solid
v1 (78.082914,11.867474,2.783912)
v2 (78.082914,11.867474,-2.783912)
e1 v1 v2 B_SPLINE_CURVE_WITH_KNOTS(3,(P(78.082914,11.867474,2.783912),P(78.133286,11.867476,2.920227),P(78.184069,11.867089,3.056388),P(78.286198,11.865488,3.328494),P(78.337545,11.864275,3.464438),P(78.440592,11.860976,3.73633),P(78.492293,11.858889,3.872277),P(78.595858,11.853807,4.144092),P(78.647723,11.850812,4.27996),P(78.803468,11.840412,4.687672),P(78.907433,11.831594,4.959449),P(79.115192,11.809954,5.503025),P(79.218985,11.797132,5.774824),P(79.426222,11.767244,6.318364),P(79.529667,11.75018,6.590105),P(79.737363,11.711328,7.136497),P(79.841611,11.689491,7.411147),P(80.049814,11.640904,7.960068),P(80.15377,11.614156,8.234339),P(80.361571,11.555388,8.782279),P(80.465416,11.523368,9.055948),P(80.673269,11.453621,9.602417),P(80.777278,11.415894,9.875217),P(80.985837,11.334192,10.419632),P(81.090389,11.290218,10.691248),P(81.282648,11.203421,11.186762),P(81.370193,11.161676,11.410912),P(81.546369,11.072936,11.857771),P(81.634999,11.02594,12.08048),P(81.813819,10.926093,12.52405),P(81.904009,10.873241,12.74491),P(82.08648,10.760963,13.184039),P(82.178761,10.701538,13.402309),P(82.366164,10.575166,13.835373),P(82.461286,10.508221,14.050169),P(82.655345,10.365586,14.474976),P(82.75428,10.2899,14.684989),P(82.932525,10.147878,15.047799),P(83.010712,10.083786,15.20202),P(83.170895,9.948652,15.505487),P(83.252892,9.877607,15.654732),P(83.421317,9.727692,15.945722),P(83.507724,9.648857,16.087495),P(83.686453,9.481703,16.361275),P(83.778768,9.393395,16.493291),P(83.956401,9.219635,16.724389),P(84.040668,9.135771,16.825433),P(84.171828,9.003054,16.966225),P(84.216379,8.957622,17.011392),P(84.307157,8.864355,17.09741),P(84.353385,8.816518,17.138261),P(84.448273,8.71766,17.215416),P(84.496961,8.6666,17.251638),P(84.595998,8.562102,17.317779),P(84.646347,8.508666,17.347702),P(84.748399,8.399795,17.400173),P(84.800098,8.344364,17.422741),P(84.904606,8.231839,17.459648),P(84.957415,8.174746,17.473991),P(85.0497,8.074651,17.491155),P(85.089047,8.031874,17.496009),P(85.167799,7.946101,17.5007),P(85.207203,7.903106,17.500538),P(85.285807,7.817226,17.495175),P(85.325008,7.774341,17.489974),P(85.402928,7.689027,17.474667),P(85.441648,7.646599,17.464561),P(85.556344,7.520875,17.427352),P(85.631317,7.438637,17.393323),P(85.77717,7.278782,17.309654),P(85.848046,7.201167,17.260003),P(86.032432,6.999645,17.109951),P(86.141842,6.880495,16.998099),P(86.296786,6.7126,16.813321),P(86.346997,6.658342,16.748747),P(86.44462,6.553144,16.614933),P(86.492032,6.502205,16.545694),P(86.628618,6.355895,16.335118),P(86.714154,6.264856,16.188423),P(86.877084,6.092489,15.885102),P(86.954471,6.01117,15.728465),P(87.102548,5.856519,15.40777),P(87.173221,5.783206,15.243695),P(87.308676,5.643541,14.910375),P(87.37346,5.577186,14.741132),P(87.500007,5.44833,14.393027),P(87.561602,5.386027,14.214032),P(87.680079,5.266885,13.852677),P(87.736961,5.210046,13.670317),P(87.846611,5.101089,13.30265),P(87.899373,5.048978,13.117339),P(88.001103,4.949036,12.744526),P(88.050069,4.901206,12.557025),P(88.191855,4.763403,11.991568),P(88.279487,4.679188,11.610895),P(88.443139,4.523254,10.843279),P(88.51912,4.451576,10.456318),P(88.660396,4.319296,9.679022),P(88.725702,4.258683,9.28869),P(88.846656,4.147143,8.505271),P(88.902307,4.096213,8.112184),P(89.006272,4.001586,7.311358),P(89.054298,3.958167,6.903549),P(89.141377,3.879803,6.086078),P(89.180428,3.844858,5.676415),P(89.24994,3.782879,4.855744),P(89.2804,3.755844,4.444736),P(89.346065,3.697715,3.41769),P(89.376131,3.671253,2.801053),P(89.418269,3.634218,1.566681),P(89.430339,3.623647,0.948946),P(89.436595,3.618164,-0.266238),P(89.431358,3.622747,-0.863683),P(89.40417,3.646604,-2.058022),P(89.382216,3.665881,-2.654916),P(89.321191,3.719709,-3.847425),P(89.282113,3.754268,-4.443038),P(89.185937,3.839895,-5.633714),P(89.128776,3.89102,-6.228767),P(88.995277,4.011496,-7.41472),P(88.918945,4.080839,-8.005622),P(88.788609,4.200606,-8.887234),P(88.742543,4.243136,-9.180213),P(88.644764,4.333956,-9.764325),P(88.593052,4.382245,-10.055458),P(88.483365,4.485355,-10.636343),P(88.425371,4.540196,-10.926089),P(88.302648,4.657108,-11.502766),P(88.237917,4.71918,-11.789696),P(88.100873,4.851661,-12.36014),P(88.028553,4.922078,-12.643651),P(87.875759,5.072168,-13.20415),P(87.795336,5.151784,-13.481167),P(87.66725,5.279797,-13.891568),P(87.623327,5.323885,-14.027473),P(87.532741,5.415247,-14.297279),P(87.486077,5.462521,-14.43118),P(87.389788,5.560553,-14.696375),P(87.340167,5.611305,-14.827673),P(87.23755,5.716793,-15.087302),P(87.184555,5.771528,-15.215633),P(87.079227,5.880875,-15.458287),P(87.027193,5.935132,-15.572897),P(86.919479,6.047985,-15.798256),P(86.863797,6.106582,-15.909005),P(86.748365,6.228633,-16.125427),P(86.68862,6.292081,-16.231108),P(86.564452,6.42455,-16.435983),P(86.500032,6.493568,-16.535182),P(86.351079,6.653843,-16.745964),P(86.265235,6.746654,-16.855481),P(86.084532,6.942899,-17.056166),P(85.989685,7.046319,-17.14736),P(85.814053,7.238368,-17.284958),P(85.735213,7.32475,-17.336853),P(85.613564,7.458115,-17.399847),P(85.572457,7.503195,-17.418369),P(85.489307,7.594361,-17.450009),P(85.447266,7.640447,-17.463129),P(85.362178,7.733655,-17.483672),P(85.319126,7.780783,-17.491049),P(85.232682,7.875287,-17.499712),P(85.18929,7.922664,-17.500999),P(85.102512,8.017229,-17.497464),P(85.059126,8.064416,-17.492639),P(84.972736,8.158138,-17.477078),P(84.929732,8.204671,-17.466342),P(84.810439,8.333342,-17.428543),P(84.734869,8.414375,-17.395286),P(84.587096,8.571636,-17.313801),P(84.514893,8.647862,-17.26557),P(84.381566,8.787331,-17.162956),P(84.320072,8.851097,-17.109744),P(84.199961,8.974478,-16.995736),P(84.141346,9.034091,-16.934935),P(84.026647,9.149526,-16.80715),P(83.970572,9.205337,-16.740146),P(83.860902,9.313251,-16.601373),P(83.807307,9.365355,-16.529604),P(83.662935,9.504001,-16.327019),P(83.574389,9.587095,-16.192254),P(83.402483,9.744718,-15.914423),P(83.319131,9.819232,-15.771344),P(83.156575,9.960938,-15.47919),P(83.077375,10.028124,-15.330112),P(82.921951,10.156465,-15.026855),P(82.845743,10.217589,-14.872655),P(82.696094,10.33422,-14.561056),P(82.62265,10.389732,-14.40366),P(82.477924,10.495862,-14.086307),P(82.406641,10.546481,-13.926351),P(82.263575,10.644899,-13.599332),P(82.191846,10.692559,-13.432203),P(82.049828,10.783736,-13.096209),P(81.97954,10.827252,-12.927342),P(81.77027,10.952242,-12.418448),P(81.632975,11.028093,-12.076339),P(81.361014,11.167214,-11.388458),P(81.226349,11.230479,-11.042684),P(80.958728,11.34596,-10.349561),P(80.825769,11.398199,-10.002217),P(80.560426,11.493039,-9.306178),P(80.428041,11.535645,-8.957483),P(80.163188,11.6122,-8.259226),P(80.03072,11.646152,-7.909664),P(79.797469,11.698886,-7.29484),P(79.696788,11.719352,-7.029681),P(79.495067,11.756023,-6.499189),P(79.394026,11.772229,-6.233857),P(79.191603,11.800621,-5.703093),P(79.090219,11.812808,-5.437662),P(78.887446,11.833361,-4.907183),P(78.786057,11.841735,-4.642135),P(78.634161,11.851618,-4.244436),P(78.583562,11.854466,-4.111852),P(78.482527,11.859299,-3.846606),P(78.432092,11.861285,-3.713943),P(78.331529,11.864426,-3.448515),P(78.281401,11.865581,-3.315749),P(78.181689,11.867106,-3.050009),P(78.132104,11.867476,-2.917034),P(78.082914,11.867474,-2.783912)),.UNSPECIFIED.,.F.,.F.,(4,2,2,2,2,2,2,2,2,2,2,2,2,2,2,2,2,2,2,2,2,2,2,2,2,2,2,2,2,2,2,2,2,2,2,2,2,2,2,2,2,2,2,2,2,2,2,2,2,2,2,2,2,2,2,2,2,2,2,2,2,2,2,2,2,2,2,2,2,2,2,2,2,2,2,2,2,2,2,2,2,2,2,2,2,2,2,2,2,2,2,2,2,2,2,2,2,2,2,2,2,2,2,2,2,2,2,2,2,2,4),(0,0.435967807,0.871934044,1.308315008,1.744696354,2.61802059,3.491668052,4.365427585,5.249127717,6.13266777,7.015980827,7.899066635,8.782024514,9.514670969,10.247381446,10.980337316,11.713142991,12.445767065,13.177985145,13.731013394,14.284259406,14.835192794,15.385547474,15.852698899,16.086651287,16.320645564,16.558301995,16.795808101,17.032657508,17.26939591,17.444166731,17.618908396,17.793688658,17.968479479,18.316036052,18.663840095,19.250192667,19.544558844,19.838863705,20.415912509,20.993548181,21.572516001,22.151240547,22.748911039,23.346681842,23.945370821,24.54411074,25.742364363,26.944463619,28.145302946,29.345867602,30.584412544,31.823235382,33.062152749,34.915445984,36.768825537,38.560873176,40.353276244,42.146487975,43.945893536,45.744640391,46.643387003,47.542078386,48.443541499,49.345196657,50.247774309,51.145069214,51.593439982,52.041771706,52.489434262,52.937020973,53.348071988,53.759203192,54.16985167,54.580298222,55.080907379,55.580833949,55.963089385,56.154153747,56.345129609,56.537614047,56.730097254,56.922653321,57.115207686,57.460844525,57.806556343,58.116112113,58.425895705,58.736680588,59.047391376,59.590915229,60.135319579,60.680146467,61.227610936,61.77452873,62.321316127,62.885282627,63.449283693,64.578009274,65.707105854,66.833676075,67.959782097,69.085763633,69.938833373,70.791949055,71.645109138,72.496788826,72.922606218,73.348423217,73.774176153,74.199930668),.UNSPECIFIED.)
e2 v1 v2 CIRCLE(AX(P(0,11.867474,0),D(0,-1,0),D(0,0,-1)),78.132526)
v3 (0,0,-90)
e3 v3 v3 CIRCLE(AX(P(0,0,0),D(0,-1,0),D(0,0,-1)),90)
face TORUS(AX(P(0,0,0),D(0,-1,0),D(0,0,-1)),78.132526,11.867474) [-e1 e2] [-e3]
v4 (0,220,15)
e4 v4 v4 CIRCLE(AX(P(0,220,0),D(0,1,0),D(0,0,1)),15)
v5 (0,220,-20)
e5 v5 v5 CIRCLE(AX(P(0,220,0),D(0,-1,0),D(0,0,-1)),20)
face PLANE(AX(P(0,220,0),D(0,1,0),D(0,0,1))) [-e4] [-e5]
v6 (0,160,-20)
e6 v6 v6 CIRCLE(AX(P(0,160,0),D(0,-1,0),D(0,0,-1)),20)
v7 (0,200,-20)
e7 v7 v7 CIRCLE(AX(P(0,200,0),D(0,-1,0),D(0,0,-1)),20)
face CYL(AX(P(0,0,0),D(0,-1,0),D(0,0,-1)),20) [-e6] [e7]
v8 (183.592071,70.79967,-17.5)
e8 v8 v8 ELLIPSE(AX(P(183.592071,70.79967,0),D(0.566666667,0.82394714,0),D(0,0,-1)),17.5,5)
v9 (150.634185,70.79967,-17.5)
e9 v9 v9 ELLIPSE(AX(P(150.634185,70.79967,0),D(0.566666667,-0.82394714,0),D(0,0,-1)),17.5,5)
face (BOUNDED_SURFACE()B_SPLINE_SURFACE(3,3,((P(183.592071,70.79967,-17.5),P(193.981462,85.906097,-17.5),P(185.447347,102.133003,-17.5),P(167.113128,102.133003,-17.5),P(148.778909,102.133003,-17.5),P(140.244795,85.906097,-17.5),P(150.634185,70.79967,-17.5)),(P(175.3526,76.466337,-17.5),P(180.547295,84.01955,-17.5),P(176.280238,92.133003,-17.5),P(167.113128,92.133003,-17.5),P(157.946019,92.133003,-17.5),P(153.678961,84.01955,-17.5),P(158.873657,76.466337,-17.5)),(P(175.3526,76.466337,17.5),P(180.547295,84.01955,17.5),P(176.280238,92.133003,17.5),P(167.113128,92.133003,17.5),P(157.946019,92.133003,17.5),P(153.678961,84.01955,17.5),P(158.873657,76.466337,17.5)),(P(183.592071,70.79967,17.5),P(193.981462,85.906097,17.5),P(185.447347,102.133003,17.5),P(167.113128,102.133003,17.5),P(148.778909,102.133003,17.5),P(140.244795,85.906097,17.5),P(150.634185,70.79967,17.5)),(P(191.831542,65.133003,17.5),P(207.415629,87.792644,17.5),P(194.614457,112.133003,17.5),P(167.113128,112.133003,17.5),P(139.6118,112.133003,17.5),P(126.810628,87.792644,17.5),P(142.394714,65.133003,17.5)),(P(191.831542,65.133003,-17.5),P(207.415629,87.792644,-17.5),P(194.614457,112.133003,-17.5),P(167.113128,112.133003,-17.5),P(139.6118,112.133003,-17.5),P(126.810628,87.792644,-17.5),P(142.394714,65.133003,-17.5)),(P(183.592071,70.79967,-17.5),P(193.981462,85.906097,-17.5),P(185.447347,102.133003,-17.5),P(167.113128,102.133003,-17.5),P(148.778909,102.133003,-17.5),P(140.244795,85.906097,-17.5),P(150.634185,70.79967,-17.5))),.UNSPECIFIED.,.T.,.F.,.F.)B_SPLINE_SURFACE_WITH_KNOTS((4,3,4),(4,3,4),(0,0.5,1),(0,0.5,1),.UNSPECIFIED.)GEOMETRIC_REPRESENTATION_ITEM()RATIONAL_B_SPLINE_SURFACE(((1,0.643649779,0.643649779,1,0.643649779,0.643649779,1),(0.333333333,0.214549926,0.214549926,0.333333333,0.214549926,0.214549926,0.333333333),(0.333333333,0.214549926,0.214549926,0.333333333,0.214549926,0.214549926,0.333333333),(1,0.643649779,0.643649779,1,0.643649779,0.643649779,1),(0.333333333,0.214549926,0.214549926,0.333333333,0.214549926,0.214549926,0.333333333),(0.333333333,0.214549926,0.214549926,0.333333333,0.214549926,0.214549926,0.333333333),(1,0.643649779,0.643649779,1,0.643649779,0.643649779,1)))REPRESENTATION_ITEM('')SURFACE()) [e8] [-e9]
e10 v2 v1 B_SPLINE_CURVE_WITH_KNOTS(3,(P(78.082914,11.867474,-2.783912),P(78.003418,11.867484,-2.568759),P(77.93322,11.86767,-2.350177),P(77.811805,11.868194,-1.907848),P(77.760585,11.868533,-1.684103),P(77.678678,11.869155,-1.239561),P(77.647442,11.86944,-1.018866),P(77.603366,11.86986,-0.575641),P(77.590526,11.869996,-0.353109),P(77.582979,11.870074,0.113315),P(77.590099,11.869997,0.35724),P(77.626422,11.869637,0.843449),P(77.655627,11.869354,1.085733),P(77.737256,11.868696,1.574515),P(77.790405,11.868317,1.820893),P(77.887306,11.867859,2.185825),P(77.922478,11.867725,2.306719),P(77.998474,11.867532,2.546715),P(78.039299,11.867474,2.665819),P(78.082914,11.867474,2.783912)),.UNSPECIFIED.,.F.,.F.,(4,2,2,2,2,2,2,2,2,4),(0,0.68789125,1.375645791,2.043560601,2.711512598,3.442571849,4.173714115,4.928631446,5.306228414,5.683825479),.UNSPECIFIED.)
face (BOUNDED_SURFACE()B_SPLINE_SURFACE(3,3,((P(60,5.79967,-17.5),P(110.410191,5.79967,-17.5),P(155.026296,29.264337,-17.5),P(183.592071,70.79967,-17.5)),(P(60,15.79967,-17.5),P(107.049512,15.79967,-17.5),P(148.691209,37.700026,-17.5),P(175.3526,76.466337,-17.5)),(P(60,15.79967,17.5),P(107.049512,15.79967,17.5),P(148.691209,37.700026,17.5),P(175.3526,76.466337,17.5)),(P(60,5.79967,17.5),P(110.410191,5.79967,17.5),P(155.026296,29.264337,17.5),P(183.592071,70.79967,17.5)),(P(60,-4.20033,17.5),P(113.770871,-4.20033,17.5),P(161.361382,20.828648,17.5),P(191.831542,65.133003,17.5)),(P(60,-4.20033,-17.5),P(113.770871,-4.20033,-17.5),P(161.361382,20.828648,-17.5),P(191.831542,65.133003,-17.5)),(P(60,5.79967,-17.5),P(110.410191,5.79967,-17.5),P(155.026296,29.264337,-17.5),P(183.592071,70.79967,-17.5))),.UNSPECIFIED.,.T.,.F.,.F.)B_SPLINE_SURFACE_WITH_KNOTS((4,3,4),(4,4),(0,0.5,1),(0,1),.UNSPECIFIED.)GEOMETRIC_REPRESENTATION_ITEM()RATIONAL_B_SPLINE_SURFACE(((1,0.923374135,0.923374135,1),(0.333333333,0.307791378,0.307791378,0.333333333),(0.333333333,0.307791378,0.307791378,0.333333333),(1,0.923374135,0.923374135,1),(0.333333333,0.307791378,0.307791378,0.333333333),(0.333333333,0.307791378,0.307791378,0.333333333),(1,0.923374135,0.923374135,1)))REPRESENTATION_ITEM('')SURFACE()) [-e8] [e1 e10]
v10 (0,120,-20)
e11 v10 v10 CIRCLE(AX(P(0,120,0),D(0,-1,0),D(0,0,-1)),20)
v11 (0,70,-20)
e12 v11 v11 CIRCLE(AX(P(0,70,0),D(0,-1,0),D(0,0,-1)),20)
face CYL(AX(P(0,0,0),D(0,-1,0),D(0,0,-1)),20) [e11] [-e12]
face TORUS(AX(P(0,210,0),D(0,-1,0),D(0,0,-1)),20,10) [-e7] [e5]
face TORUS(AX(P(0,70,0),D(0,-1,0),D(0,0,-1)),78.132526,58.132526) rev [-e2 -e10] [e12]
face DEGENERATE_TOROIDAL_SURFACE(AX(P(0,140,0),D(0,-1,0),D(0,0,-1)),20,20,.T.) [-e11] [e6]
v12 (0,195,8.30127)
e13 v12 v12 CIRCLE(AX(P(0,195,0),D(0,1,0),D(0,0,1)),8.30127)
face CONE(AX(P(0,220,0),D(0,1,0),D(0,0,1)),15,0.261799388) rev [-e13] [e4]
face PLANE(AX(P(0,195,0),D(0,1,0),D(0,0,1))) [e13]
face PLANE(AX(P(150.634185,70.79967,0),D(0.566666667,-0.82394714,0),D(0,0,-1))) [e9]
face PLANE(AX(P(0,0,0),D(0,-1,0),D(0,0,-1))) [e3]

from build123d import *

# Parameters (mm, degrees)
SKETCH3_RX         = 17.5
SKETCH3_RY         = 5
SKETCH4_R          = 15
CUT_EXTRUDE1_DEPTH = 25
CUT_EXTRUDE1_DRAFT = -15


with BuildPart() as part:
    # Sketch1 → Revolve1 (revolve)
    with BuildSketch(Plane.XY, mode=Mode.PRIVATE) as revolve1_sk:
        with BuildLine():
            Line((0, 0), (0, 220))
            Line((0, 220), (20, 220))
            ThreePointArc((20, 220), (30, 210), (20, 200))
            Line((20, 200), (20, 160))
            ThreePointArc((20, 160), (40, 140), (20, 120))
            Line((20, 120), (20, 70))
            ThreePointArc((20, 70), (37.026622792, 28.894096333), (78.132526459, 11.867473541))
            ThreePointArc((78.132526459, 11.867473541), (86.524097475, 8.391571017), (90, 0))
            Line((90, 0), (0, 0))
        make_face()
    revolve(revolve1_sk.sketch.rotate(Axis((0, 0, 0), (0, 1, 0)), 90), axis=Axis((0, 0, 0), (0, 1, 0)))

    # Sweep1: sweep along a path in Sketch2
    with BuildLine(Plane.XY) as sweep1_path:
        Line((0, 5.799669953), (60, 5.799669953))
        ThreePointArc((60, 5.799669953), (129.821200219, 23.040489479), (183.592070943, 70.799669953))
        ThreePointArc((183.592070943, 70.799669953), (167.113128151, 102.133003286), (150.634185358, 70.799669953))
    # Sketch3 → Sweep1 (sweep)
    with BuildSketch(Plane(origin=(0, 0, 0), x_dir=(0, 0, -1), z_dir=(1, 0, 0))):
        with Locations((0, 5.799669953)):
            Ellipse(SKETCH3_RX, SKETCH3_RY)
    sweep(path=sweep1_path.line)


with BuildPart() as cut_extrude1_tool:
    # Sketch4 → Cut-Extrude1 (with draft: the straight prism first)
    with BuildSketch(Plane(origin=(0, 220, 0), x_dir=(1, 0, 0), z_dir=(0, 1, 0))):
        Circle(SKETCH4_R)
    extrude(amount=-CUT_EXTRUDE1_DEPTH)
    # Cut-Extrude1: the draft: its side faces are tilted about the plane it starts from
    cut_extrude1_sides = [cut_extrude1_tool.faces().sort_by_distance(p)[0] for p in [
        (-15, 207.5, 0),
    ]]
    draft(cut_extrude1_sides, Plane(origin=(0, 220, 0), x_dir=(1, 0, 0), z_dir=(0, 1, 0)), CUT_EXTRUDE1_DRAFT)


with BuildPart() as part_1:
    add(part.part)

    # Cut-Extrude1: cut by cut_extrude1_tool
    add(cut_extrude1_tool.part, mode=Mode.SUBTRACT)


solid = part_1.part
